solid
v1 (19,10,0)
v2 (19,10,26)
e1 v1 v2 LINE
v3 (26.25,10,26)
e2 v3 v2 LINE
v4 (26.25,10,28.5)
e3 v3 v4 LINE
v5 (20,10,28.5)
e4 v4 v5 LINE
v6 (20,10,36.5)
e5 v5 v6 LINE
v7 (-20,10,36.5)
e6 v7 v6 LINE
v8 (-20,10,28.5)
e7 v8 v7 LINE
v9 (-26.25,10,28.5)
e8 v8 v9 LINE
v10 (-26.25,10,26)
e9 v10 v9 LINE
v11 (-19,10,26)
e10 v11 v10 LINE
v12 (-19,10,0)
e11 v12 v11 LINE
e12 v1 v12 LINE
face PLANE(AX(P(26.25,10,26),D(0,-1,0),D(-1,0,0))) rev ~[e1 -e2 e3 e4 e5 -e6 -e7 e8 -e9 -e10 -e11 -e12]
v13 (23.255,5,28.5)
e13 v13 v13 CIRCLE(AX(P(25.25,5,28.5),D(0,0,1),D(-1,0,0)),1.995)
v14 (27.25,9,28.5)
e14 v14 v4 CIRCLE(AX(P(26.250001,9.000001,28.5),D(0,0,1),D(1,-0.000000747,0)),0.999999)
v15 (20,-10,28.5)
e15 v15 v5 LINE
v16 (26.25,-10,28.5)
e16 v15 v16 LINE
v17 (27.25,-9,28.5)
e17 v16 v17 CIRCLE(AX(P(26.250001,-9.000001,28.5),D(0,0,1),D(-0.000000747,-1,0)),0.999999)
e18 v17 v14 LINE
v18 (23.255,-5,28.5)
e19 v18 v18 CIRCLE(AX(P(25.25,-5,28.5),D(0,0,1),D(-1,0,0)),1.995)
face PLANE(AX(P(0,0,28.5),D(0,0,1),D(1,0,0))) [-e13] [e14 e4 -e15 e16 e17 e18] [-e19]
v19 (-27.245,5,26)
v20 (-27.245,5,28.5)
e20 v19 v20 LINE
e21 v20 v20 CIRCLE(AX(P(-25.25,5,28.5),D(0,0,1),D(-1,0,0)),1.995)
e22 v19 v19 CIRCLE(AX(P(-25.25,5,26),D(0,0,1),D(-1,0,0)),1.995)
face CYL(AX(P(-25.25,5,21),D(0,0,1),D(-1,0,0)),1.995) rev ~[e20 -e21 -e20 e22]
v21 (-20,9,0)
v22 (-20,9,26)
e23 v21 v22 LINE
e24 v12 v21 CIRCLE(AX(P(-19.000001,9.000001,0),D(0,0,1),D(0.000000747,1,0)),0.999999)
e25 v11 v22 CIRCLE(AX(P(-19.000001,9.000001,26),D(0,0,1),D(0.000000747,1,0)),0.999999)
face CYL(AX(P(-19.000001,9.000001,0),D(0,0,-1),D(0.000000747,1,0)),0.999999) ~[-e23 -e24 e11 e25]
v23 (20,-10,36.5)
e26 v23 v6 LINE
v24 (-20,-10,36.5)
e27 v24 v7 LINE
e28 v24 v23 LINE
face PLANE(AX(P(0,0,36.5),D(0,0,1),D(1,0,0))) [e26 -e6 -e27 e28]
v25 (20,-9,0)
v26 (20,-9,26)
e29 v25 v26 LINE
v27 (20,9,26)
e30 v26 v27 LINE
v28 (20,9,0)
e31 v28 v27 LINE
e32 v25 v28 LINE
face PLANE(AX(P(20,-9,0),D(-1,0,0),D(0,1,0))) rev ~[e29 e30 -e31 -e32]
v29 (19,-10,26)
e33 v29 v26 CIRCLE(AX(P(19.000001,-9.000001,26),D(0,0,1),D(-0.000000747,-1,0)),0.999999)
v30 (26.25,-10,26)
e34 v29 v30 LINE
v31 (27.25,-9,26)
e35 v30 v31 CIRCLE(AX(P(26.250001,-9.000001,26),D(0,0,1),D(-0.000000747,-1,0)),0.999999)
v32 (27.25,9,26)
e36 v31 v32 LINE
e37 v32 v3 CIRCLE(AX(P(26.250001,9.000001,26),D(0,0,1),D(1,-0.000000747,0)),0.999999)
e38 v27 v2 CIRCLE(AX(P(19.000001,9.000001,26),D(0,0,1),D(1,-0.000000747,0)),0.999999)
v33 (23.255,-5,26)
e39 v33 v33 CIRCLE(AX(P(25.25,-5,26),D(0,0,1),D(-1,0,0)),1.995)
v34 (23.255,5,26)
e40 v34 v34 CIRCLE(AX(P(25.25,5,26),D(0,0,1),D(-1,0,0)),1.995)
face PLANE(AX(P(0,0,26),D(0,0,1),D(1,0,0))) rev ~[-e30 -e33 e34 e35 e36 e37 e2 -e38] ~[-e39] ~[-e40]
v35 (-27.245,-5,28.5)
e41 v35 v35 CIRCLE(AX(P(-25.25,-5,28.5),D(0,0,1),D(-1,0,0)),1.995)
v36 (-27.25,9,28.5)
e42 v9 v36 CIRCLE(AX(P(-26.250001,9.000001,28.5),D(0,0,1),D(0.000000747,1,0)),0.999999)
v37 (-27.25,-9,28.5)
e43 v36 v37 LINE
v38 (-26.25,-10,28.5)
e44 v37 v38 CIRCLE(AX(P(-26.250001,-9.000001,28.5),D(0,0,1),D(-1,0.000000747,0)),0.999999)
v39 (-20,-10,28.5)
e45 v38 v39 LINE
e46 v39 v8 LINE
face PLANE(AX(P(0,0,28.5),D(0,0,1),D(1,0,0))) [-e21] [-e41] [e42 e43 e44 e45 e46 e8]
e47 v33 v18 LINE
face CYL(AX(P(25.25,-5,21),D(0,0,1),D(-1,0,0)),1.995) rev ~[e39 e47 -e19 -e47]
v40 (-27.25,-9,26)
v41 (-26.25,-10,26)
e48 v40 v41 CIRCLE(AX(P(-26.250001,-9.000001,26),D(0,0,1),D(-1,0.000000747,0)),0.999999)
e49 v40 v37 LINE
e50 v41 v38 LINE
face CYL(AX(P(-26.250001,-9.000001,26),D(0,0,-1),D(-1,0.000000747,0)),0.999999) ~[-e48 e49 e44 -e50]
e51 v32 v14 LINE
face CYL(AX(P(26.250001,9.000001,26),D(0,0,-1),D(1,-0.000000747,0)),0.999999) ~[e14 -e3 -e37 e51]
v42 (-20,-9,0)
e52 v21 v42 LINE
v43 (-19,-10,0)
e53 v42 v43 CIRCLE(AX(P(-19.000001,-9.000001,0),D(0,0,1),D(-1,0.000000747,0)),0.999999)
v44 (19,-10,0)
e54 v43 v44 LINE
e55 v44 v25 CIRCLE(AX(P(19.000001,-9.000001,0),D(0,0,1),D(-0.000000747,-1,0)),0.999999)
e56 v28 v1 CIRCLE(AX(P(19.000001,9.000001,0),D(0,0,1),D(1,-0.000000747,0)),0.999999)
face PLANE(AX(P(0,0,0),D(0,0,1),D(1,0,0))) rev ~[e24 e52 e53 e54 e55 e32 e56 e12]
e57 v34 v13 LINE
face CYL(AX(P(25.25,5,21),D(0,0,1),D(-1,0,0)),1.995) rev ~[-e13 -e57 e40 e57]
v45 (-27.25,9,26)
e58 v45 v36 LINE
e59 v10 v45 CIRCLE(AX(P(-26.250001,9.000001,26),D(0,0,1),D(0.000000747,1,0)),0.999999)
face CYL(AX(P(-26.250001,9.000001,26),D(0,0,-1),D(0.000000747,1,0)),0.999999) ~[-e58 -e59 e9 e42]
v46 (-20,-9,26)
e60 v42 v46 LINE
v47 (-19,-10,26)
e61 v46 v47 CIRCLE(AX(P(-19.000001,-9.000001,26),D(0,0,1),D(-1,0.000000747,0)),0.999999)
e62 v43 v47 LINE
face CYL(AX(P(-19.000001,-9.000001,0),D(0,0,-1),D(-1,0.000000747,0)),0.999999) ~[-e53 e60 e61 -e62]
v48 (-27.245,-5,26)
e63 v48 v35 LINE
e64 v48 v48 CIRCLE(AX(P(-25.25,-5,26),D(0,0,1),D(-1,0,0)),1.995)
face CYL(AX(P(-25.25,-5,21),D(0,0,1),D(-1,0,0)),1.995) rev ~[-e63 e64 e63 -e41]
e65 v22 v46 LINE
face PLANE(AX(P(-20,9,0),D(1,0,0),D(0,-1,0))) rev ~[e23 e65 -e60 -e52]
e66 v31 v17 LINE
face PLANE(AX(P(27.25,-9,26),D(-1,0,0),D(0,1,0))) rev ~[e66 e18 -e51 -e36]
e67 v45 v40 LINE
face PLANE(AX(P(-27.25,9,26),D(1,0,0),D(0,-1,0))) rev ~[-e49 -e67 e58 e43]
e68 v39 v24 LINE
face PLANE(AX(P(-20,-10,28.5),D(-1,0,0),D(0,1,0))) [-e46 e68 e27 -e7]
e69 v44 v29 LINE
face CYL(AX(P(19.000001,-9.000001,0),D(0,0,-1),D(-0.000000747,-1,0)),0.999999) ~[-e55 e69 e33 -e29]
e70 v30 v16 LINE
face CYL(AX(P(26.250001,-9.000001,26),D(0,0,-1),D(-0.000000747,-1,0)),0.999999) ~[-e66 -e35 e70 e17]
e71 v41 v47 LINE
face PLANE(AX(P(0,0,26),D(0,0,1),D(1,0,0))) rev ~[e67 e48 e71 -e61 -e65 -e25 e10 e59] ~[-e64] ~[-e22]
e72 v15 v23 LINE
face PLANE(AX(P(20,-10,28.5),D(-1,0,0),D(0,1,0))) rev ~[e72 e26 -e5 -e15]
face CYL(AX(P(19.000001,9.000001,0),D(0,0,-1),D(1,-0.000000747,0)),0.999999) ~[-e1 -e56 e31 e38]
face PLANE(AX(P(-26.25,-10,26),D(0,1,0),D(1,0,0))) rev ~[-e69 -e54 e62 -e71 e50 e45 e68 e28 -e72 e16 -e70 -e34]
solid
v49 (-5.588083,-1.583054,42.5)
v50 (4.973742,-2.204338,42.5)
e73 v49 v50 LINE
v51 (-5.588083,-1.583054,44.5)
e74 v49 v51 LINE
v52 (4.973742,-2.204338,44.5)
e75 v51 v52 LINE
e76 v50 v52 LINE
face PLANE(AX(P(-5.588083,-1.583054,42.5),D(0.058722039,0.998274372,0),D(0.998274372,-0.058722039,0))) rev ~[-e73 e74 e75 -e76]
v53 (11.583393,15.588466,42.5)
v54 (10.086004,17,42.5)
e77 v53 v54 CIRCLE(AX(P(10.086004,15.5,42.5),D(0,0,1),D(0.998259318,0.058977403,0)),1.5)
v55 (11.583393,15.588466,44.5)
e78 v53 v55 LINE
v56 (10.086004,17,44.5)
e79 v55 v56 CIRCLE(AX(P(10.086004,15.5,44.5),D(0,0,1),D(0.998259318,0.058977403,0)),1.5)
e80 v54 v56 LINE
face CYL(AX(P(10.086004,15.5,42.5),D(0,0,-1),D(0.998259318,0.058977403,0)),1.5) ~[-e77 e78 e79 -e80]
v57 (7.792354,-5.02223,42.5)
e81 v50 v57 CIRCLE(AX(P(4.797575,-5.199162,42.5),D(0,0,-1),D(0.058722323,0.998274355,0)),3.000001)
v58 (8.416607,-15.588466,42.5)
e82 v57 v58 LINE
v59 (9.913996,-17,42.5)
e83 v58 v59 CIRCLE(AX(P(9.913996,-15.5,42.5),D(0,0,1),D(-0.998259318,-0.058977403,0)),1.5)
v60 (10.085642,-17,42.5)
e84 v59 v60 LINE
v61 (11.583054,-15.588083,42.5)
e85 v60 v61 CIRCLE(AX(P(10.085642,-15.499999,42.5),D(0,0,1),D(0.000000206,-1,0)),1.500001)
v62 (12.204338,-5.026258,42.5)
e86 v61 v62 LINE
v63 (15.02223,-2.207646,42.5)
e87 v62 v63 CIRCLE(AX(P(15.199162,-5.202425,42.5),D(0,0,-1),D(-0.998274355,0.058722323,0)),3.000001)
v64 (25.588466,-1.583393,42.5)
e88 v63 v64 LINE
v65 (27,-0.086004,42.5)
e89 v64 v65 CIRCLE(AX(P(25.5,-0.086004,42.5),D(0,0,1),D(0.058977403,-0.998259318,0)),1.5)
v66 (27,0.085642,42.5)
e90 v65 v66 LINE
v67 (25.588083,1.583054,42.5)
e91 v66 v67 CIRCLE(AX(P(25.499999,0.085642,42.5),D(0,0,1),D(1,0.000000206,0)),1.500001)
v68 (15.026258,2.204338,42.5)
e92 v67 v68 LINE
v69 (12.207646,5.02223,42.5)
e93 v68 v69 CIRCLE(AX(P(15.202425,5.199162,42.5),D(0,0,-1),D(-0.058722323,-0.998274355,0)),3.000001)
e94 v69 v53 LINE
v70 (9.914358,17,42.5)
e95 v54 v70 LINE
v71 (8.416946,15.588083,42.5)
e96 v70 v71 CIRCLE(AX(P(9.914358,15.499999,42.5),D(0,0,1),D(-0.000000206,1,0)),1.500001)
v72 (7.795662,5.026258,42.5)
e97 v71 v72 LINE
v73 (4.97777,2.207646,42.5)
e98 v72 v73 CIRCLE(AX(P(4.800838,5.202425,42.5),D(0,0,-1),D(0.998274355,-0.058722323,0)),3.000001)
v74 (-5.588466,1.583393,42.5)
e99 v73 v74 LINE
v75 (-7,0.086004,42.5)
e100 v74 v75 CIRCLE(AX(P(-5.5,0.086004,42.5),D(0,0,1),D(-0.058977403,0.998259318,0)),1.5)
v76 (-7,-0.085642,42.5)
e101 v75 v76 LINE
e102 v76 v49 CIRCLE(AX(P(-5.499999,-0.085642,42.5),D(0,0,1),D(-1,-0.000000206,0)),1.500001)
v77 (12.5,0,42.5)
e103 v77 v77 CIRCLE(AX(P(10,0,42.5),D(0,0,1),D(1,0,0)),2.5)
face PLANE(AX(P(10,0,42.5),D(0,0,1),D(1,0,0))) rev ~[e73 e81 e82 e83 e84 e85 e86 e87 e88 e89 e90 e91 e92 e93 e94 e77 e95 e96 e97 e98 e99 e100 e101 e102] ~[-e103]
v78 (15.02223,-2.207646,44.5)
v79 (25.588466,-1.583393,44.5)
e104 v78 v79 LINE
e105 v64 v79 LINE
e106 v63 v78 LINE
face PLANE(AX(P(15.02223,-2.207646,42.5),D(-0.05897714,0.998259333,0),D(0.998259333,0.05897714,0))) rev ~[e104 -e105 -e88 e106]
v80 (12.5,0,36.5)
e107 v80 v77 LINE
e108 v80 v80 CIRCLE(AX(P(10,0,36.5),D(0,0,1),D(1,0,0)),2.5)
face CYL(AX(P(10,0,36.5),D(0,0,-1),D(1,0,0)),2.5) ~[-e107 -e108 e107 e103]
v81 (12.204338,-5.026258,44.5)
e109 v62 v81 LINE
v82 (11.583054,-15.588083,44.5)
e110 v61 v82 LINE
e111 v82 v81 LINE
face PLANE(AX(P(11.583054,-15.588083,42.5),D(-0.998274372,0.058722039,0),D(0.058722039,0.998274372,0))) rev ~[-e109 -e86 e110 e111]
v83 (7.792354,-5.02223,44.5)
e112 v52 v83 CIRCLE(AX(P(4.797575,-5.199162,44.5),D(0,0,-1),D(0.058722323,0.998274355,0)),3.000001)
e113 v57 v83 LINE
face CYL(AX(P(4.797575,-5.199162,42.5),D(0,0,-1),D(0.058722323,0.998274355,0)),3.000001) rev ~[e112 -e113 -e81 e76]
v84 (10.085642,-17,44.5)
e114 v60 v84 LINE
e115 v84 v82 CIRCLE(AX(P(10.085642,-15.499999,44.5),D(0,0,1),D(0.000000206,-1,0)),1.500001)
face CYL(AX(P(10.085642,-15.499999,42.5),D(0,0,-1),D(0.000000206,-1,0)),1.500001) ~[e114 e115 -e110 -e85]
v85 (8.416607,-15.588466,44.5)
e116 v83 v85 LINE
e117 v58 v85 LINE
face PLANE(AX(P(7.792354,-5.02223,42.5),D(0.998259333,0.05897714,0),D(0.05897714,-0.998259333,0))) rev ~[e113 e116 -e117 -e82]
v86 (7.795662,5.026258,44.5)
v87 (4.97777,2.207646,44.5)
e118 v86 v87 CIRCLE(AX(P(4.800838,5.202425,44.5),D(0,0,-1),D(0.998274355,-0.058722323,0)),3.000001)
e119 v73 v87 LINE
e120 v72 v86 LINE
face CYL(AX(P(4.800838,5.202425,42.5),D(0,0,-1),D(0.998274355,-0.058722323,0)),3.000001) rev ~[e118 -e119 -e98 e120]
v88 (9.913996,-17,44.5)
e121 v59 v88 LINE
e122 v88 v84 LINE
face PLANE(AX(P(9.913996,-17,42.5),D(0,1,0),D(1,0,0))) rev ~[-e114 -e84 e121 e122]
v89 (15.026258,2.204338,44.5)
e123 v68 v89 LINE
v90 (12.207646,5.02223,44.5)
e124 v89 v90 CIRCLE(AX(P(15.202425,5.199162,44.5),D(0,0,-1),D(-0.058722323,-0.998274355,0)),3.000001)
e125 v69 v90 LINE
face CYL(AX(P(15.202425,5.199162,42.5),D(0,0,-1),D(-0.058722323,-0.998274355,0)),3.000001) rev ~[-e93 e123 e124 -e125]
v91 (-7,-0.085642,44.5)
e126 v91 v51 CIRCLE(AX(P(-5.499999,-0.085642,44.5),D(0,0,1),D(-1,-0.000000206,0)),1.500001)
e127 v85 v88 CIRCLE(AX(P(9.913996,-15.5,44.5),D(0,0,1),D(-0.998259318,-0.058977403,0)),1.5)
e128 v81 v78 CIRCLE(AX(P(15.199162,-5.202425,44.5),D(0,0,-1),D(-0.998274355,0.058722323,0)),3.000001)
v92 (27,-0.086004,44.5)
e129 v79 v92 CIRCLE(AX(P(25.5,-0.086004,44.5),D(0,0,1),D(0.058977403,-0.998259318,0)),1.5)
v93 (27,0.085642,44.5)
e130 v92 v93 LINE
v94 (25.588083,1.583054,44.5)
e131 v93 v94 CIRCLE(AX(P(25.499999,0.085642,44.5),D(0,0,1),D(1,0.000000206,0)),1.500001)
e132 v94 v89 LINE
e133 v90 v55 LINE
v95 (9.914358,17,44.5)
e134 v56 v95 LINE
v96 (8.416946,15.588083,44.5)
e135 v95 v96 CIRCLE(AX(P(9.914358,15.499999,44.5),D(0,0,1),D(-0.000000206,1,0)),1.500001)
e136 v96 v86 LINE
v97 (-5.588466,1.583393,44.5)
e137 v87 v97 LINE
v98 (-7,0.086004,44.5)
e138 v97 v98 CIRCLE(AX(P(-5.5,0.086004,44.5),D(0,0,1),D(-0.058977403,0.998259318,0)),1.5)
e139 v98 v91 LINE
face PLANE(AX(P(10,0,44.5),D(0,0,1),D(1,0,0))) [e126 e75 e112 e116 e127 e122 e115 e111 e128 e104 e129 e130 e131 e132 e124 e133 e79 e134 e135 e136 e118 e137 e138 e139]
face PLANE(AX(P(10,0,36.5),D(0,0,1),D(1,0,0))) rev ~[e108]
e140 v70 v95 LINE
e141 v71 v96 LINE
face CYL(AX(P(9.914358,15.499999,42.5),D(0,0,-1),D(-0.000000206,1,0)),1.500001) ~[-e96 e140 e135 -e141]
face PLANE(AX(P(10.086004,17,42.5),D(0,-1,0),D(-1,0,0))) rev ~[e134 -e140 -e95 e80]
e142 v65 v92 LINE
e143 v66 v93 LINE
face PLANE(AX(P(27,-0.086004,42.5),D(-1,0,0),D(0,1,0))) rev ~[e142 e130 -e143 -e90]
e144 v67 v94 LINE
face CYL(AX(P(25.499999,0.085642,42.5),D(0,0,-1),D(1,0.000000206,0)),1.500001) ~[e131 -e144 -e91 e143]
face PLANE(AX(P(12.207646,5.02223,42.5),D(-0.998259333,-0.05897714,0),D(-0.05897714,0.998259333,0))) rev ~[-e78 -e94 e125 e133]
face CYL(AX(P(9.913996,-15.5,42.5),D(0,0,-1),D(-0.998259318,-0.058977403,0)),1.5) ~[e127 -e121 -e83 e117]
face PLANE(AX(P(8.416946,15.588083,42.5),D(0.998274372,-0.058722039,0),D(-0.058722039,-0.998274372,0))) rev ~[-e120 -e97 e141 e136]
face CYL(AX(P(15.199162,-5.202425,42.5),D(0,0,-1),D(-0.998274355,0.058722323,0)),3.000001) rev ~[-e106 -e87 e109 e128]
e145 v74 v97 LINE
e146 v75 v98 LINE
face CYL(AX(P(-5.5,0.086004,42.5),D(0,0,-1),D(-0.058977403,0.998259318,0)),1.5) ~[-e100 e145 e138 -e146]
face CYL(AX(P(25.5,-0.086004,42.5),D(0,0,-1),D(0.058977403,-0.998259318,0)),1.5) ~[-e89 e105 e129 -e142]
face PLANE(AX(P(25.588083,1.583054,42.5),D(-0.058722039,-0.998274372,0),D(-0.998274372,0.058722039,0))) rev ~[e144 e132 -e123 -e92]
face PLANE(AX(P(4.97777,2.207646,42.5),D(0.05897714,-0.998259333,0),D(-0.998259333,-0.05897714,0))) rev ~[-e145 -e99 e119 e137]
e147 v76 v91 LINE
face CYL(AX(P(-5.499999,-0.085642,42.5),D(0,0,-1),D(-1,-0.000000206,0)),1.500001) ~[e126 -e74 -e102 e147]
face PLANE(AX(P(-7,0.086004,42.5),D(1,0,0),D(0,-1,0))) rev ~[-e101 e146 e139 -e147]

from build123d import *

# Parameters (mm, degrees)
F1_DEPTH  = 26
F3_DEPTH  = 2.5
F4_D      = 3.99
F4_DEPTH  = 5
F5_W      = 40
F5_H      = 20
F6_DEPTH  = 8
F7_R      = 2.5
F8_DEPTH  = 6
F10_DEPTH = 2


with BuildPart() as f1:
    # F0 (on Top) → F1 (new body)
    with BuildSketch(Plane.XY):
        with BuildLine():
            Line((-19, -10), (19, -10))
            ThreePointArc((19, -10), (19.707107, -9.707107), (20, -9))
            Line((20, -9), (20, 9))
            ThreePointArc((20, 9), (19.707107, 9.707107), (19, 10))
            Line((19, 10), (-19, 10))
            ThreePointArc((-19, 10), (-19.707107, 9.707107), (-20, 9))
            Line((-20, 9), (-20, -9))
            ThreePointArc((-20, -9), (-19.707107, -9.707107), (-19, -10))
        make_face()
    extrude(amount=F1_DEPTH)

    # F2 (on face) → F3 (join)
    with BuildSketch(Plane.XY.offset(26)):
        with BuildLine():
            Line((-26.25, -10), (26.25, -10))
            ThreePointArc((26.25, -10), (26.957107, -9.707107), (27.25, -9))
            Line((27.25, -9), (27.25, 9))
            ThreePointArc((27.25, 9), (26.957107, 9.707107), (26.25, 10))
            Line((26.25, 10), (-26.25, 10))
            ThreePointArc((-26.25, 10), (-26.957107, 9.707107), (-27.25, 9))
            Line((-27.25, 9), (-27.25, -9))
            ThreePointArc((-27.25, -9), (-26.957107, -9.707107), (-26.25, -10))
        make_face()
    extrude(amount=F3_DEPTH)

    # F4
    with Locations(Plane(origin=(0, 0, 26), x_dir=(1, 0, 0), z_dir=(0, 0, -1))):
        with Locations((-25.25, 5), (-25.25, -5), (25.25, 5), (25.25, -5)):
            Hole(F4_D / 2, depth=F4_DEPTH)

    # F5 (on face) → F6 (join)
    with BuildSketch(Plane.XY.offset(28.5)):
        Rectangle(F5_W, F5_H)
    extrude(amount=F6_DEPTH)


with BuildPart() as f8:
    # F7 (on face) → F8 (new body)
    with BuildSketch(Plane.XY.offset(36.5)):
        with Locations((10, 0)):
            Circle(F7_R)
    extrude(amount=F8_DEPTH)

    # F9 (on face) → F10 (join)
    with BuildSketch(Plane.XY.offset(42.5)):
        with BuildLine():
            ThreePointArc((-5.588466, 1.583393), (-6.591489, 1.114912), (-7, 0.086004))
            Line((-7, 0.086004), (-7, -0.085642))
            ThreePointArc((-7, -0.085642), (-6.591358, -1.114689), (-5.588083, -1.583054))
            Line((-5.588083, -1.583054), (4.973742, -2.204338))
            ThreePointArc((4.973742, -2.204338), (6.918625, -3.07757), (7.792354, -5.02223))
            Line((7.792354, -5.02223), (8.416607, -15.588466))
            ThreePointArc((8.416607, -15.588466), (8.885088, -16.591489), (9.913996, -17))
            Line((9.913996, -17), (10.085642, -17))
            ThreePointArc((10.085642, -17), (11.114689, -16.591358), (11.583054, -15.588083))
            Line((11.583054, -15.588083), (12.204338, -5.026258))
            ThreePointArc((12.204338, -5.026258), (13.07757, -3.081375), (15.02223, -2.207646))
            Line((15.02223, -2.207646), (25.588466, -1.583393))
            ThreePointArc((25.588466, -1.583393), (26.591489, -1.114912), (27, -0.086004))
            Line((27, -0.086004), (27, 0.085642))
            ThreePointArc((27, 0.085642), (26.591358, 1.114689), (25.588083, 1.583054))
            Line((25.588083, 1.583054), (15.026258, 2.204338))
            ThreePointArc((15.026258, 2.204338), (13.081375, 3.07757), (12.207646, 5.02223))
            Line((12.207646, 5.02223), (11.583393, 15.588466))
            ThreePointArc((11.583393, 15.588466), (11.114912, 16.591489), (10.086004, 17))
            Line((10.086004, 17), (9.914358, 17))
            ThreePointArc((9.914358, 17), (8.885311, 16.591358), (8.416946, 15.588083))
            Line((8.416946, 15.588083), (7.795662, 5.026258))
            ThreePointArc((7.795662, 5.026258), (6.92243, 3.081375), (4.97777, 2.207646))
            Line((4.97777, 2.207646), (-5.588466, 1.583393))
        make_face()
    extrude(amount=F10_DEPTH)


solid = Compound([f1.part, f8.part])
